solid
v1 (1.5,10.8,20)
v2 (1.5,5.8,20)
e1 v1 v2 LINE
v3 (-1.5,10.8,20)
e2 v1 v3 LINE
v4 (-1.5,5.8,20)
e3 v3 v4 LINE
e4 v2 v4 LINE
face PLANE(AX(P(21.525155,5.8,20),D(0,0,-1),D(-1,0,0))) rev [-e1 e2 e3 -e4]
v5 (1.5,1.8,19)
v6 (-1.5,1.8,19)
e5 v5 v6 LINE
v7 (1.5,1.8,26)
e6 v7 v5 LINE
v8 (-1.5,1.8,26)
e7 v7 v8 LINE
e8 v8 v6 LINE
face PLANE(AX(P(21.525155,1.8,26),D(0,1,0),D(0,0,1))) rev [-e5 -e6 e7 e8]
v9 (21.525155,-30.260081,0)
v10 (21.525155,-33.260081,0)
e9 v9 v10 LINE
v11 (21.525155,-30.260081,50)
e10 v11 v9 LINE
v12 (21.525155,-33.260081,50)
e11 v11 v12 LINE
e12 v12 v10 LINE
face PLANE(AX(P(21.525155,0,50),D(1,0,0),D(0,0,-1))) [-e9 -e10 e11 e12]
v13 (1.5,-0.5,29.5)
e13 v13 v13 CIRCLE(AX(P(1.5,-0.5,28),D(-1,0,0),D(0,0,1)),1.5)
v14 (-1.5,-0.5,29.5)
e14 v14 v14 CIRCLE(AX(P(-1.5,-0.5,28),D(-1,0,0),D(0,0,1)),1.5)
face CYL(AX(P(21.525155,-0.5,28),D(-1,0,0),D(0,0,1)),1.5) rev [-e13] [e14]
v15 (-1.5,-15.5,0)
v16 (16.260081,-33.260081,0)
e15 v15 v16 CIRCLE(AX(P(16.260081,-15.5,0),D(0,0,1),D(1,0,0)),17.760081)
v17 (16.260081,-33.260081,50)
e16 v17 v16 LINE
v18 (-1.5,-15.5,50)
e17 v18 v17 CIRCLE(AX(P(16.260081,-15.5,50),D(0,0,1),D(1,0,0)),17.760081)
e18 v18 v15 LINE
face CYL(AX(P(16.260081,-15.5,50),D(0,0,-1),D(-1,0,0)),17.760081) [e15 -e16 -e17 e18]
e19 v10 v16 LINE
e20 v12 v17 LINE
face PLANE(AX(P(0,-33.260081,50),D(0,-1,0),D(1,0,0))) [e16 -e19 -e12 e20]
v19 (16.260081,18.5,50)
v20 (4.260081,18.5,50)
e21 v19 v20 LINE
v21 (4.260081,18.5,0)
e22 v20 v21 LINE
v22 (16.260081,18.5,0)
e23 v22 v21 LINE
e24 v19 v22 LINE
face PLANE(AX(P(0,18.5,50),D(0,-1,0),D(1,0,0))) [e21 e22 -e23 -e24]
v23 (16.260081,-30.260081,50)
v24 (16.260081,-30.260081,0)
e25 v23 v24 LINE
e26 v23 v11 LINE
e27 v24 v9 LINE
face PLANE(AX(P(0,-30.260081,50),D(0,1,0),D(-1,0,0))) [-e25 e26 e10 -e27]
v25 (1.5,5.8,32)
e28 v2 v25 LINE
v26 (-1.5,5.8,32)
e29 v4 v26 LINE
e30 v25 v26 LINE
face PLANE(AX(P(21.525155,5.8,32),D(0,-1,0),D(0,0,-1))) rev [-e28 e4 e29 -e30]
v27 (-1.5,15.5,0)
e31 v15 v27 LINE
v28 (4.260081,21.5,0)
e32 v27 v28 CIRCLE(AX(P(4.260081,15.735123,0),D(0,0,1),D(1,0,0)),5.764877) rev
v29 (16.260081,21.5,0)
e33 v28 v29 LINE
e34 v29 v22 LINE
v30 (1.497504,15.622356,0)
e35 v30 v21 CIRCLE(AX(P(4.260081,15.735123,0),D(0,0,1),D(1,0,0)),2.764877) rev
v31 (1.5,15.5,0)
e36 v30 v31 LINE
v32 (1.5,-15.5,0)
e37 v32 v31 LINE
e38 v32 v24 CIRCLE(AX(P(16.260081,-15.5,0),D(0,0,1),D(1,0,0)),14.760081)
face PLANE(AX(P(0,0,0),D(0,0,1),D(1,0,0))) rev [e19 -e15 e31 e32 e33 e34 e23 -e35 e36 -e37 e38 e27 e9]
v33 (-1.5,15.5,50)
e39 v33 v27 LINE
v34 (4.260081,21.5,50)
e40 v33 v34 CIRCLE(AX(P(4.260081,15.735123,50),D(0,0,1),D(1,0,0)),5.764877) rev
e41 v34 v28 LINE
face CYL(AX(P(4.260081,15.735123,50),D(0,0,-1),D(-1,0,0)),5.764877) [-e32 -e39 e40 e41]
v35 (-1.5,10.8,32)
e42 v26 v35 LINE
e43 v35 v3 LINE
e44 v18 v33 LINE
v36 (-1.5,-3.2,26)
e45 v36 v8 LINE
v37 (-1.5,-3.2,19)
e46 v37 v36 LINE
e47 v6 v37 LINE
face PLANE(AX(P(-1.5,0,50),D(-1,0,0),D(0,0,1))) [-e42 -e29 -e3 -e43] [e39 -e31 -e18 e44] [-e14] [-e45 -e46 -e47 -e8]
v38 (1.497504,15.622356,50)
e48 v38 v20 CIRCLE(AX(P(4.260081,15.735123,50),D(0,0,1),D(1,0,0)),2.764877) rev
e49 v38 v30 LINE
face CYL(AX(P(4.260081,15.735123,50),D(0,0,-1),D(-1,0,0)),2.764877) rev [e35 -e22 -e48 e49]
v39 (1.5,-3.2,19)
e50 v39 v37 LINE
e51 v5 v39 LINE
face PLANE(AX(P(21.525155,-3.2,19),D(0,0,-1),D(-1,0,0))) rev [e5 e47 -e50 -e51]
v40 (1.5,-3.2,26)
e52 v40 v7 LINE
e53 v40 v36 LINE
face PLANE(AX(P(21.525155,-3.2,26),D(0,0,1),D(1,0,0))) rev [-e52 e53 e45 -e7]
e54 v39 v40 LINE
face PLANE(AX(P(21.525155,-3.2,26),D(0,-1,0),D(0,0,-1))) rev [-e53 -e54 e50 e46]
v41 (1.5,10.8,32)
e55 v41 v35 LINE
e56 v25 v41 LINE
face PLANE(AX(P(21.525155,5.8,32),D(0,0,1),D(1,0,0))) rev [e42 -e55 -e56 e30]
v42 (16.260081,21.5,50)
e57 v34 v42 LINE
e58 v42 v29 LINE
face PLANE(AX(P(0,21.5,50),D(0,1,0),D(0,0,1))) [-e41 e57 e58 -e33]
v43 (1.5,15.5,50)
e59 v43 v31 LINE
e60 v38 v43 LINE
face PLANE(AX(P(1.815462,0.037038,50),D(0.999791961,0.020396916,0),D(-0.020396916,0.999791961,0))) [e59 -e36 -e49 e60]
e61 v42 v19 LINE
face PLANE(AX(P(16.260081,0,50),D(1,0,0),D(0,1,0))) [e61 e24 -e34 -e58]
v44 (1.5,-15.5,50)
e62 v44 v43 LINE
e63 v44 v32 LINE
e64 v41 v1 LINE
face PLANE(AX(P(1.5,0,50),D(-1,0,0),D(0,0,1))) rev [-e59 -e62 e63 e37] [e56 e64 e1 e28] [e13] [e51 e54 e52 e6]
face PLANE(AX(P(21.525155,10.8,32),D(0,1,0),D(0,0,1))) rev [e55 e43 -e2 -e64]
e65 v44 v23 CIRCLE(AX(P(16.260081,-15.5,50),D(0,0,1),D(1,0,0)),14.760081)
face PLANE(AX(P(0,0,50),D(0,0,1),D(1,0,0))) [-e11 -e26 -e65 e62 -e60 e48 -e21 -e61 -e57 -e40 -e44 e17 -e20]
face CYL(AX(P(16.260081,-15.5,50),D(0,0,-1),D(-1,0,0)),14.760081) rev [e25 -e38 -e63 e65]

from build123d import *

# Parameters (mm, degrees)
BOSS_EXTRUDE4_DEPTH = 50
SKETCH5_R           = 1.5
SKETCH5_W           = 7
SKETCH5_H           = 5
SKETCH5_W_2         = 12
CUT_EXTRUDE1_DEPTH  = 65.314778352


with BuildPart() as part:
    # Sketch4 → Boss-Extrude4 (new body)
    with BuildSketch(Plane.XY):
        with BuildLine():
            Line((-1.5, -15.5), (-1.5, 15.5))
            ThreePointArc((-1.5, 15.5), (0.101399131, 19.727512771), (4.260080705, 21.5))
            Line((4.260080705, 21.5), (16.260080705, 21.5))
            Line((16.260080705, 21.5), (16.260080705, 18.5))
            Line((16.260080705, 18.5), (4.260080705, 18.5))
            ThreePointArc((4.260080705, 18.5), (2.265546552, 17.649902138), (1.497503795, 15.622356038))
            Line((1.497503795, 15.622356038), (1.5, 15.5))
            Line((1.5, 15.5), (1.5, -15.5))
            ThreePointArc((1.5, -15.5), (5.823127548, -25.936953157), (16.260080705, -30.260080705))
            Line((16.260080705, -30.260080705), (21.525154636, -30.260080705))
            Line((21.525154636, -30.260080705), (21.525154636, -33.260080705))
            Line((21.525154636, -33.260080705), (16.260080705, -33.260080705))
            ThreePointArc((16.260080705, -33.260080705), (3.701807204, -28.058273501), (-1.5, -15.5))
        make_face()
    extrude(amount=BOSS_EXTRUDE4_DEPTH)

    # Sketch5 → Cut-Extrude1 (cut, through all)
    with BuildSketch(Plane.ZY.offset(1.5)):
        with Locations((28, -0.5)):
            Circle(SKETCH5_R)
        with Locations((22.5, -0.7)):
            Rectangle(SKETCH5_W, SKETCH5_H)
        with Locations((26, 8.3)):
            Rectangle(SKETCH5_W_2, SKETCH5_H)
    extrude(amount=-CUT_EXTRUDE1_DEPTH, mode=Mode.SUBTRACT)


solid = part.part
